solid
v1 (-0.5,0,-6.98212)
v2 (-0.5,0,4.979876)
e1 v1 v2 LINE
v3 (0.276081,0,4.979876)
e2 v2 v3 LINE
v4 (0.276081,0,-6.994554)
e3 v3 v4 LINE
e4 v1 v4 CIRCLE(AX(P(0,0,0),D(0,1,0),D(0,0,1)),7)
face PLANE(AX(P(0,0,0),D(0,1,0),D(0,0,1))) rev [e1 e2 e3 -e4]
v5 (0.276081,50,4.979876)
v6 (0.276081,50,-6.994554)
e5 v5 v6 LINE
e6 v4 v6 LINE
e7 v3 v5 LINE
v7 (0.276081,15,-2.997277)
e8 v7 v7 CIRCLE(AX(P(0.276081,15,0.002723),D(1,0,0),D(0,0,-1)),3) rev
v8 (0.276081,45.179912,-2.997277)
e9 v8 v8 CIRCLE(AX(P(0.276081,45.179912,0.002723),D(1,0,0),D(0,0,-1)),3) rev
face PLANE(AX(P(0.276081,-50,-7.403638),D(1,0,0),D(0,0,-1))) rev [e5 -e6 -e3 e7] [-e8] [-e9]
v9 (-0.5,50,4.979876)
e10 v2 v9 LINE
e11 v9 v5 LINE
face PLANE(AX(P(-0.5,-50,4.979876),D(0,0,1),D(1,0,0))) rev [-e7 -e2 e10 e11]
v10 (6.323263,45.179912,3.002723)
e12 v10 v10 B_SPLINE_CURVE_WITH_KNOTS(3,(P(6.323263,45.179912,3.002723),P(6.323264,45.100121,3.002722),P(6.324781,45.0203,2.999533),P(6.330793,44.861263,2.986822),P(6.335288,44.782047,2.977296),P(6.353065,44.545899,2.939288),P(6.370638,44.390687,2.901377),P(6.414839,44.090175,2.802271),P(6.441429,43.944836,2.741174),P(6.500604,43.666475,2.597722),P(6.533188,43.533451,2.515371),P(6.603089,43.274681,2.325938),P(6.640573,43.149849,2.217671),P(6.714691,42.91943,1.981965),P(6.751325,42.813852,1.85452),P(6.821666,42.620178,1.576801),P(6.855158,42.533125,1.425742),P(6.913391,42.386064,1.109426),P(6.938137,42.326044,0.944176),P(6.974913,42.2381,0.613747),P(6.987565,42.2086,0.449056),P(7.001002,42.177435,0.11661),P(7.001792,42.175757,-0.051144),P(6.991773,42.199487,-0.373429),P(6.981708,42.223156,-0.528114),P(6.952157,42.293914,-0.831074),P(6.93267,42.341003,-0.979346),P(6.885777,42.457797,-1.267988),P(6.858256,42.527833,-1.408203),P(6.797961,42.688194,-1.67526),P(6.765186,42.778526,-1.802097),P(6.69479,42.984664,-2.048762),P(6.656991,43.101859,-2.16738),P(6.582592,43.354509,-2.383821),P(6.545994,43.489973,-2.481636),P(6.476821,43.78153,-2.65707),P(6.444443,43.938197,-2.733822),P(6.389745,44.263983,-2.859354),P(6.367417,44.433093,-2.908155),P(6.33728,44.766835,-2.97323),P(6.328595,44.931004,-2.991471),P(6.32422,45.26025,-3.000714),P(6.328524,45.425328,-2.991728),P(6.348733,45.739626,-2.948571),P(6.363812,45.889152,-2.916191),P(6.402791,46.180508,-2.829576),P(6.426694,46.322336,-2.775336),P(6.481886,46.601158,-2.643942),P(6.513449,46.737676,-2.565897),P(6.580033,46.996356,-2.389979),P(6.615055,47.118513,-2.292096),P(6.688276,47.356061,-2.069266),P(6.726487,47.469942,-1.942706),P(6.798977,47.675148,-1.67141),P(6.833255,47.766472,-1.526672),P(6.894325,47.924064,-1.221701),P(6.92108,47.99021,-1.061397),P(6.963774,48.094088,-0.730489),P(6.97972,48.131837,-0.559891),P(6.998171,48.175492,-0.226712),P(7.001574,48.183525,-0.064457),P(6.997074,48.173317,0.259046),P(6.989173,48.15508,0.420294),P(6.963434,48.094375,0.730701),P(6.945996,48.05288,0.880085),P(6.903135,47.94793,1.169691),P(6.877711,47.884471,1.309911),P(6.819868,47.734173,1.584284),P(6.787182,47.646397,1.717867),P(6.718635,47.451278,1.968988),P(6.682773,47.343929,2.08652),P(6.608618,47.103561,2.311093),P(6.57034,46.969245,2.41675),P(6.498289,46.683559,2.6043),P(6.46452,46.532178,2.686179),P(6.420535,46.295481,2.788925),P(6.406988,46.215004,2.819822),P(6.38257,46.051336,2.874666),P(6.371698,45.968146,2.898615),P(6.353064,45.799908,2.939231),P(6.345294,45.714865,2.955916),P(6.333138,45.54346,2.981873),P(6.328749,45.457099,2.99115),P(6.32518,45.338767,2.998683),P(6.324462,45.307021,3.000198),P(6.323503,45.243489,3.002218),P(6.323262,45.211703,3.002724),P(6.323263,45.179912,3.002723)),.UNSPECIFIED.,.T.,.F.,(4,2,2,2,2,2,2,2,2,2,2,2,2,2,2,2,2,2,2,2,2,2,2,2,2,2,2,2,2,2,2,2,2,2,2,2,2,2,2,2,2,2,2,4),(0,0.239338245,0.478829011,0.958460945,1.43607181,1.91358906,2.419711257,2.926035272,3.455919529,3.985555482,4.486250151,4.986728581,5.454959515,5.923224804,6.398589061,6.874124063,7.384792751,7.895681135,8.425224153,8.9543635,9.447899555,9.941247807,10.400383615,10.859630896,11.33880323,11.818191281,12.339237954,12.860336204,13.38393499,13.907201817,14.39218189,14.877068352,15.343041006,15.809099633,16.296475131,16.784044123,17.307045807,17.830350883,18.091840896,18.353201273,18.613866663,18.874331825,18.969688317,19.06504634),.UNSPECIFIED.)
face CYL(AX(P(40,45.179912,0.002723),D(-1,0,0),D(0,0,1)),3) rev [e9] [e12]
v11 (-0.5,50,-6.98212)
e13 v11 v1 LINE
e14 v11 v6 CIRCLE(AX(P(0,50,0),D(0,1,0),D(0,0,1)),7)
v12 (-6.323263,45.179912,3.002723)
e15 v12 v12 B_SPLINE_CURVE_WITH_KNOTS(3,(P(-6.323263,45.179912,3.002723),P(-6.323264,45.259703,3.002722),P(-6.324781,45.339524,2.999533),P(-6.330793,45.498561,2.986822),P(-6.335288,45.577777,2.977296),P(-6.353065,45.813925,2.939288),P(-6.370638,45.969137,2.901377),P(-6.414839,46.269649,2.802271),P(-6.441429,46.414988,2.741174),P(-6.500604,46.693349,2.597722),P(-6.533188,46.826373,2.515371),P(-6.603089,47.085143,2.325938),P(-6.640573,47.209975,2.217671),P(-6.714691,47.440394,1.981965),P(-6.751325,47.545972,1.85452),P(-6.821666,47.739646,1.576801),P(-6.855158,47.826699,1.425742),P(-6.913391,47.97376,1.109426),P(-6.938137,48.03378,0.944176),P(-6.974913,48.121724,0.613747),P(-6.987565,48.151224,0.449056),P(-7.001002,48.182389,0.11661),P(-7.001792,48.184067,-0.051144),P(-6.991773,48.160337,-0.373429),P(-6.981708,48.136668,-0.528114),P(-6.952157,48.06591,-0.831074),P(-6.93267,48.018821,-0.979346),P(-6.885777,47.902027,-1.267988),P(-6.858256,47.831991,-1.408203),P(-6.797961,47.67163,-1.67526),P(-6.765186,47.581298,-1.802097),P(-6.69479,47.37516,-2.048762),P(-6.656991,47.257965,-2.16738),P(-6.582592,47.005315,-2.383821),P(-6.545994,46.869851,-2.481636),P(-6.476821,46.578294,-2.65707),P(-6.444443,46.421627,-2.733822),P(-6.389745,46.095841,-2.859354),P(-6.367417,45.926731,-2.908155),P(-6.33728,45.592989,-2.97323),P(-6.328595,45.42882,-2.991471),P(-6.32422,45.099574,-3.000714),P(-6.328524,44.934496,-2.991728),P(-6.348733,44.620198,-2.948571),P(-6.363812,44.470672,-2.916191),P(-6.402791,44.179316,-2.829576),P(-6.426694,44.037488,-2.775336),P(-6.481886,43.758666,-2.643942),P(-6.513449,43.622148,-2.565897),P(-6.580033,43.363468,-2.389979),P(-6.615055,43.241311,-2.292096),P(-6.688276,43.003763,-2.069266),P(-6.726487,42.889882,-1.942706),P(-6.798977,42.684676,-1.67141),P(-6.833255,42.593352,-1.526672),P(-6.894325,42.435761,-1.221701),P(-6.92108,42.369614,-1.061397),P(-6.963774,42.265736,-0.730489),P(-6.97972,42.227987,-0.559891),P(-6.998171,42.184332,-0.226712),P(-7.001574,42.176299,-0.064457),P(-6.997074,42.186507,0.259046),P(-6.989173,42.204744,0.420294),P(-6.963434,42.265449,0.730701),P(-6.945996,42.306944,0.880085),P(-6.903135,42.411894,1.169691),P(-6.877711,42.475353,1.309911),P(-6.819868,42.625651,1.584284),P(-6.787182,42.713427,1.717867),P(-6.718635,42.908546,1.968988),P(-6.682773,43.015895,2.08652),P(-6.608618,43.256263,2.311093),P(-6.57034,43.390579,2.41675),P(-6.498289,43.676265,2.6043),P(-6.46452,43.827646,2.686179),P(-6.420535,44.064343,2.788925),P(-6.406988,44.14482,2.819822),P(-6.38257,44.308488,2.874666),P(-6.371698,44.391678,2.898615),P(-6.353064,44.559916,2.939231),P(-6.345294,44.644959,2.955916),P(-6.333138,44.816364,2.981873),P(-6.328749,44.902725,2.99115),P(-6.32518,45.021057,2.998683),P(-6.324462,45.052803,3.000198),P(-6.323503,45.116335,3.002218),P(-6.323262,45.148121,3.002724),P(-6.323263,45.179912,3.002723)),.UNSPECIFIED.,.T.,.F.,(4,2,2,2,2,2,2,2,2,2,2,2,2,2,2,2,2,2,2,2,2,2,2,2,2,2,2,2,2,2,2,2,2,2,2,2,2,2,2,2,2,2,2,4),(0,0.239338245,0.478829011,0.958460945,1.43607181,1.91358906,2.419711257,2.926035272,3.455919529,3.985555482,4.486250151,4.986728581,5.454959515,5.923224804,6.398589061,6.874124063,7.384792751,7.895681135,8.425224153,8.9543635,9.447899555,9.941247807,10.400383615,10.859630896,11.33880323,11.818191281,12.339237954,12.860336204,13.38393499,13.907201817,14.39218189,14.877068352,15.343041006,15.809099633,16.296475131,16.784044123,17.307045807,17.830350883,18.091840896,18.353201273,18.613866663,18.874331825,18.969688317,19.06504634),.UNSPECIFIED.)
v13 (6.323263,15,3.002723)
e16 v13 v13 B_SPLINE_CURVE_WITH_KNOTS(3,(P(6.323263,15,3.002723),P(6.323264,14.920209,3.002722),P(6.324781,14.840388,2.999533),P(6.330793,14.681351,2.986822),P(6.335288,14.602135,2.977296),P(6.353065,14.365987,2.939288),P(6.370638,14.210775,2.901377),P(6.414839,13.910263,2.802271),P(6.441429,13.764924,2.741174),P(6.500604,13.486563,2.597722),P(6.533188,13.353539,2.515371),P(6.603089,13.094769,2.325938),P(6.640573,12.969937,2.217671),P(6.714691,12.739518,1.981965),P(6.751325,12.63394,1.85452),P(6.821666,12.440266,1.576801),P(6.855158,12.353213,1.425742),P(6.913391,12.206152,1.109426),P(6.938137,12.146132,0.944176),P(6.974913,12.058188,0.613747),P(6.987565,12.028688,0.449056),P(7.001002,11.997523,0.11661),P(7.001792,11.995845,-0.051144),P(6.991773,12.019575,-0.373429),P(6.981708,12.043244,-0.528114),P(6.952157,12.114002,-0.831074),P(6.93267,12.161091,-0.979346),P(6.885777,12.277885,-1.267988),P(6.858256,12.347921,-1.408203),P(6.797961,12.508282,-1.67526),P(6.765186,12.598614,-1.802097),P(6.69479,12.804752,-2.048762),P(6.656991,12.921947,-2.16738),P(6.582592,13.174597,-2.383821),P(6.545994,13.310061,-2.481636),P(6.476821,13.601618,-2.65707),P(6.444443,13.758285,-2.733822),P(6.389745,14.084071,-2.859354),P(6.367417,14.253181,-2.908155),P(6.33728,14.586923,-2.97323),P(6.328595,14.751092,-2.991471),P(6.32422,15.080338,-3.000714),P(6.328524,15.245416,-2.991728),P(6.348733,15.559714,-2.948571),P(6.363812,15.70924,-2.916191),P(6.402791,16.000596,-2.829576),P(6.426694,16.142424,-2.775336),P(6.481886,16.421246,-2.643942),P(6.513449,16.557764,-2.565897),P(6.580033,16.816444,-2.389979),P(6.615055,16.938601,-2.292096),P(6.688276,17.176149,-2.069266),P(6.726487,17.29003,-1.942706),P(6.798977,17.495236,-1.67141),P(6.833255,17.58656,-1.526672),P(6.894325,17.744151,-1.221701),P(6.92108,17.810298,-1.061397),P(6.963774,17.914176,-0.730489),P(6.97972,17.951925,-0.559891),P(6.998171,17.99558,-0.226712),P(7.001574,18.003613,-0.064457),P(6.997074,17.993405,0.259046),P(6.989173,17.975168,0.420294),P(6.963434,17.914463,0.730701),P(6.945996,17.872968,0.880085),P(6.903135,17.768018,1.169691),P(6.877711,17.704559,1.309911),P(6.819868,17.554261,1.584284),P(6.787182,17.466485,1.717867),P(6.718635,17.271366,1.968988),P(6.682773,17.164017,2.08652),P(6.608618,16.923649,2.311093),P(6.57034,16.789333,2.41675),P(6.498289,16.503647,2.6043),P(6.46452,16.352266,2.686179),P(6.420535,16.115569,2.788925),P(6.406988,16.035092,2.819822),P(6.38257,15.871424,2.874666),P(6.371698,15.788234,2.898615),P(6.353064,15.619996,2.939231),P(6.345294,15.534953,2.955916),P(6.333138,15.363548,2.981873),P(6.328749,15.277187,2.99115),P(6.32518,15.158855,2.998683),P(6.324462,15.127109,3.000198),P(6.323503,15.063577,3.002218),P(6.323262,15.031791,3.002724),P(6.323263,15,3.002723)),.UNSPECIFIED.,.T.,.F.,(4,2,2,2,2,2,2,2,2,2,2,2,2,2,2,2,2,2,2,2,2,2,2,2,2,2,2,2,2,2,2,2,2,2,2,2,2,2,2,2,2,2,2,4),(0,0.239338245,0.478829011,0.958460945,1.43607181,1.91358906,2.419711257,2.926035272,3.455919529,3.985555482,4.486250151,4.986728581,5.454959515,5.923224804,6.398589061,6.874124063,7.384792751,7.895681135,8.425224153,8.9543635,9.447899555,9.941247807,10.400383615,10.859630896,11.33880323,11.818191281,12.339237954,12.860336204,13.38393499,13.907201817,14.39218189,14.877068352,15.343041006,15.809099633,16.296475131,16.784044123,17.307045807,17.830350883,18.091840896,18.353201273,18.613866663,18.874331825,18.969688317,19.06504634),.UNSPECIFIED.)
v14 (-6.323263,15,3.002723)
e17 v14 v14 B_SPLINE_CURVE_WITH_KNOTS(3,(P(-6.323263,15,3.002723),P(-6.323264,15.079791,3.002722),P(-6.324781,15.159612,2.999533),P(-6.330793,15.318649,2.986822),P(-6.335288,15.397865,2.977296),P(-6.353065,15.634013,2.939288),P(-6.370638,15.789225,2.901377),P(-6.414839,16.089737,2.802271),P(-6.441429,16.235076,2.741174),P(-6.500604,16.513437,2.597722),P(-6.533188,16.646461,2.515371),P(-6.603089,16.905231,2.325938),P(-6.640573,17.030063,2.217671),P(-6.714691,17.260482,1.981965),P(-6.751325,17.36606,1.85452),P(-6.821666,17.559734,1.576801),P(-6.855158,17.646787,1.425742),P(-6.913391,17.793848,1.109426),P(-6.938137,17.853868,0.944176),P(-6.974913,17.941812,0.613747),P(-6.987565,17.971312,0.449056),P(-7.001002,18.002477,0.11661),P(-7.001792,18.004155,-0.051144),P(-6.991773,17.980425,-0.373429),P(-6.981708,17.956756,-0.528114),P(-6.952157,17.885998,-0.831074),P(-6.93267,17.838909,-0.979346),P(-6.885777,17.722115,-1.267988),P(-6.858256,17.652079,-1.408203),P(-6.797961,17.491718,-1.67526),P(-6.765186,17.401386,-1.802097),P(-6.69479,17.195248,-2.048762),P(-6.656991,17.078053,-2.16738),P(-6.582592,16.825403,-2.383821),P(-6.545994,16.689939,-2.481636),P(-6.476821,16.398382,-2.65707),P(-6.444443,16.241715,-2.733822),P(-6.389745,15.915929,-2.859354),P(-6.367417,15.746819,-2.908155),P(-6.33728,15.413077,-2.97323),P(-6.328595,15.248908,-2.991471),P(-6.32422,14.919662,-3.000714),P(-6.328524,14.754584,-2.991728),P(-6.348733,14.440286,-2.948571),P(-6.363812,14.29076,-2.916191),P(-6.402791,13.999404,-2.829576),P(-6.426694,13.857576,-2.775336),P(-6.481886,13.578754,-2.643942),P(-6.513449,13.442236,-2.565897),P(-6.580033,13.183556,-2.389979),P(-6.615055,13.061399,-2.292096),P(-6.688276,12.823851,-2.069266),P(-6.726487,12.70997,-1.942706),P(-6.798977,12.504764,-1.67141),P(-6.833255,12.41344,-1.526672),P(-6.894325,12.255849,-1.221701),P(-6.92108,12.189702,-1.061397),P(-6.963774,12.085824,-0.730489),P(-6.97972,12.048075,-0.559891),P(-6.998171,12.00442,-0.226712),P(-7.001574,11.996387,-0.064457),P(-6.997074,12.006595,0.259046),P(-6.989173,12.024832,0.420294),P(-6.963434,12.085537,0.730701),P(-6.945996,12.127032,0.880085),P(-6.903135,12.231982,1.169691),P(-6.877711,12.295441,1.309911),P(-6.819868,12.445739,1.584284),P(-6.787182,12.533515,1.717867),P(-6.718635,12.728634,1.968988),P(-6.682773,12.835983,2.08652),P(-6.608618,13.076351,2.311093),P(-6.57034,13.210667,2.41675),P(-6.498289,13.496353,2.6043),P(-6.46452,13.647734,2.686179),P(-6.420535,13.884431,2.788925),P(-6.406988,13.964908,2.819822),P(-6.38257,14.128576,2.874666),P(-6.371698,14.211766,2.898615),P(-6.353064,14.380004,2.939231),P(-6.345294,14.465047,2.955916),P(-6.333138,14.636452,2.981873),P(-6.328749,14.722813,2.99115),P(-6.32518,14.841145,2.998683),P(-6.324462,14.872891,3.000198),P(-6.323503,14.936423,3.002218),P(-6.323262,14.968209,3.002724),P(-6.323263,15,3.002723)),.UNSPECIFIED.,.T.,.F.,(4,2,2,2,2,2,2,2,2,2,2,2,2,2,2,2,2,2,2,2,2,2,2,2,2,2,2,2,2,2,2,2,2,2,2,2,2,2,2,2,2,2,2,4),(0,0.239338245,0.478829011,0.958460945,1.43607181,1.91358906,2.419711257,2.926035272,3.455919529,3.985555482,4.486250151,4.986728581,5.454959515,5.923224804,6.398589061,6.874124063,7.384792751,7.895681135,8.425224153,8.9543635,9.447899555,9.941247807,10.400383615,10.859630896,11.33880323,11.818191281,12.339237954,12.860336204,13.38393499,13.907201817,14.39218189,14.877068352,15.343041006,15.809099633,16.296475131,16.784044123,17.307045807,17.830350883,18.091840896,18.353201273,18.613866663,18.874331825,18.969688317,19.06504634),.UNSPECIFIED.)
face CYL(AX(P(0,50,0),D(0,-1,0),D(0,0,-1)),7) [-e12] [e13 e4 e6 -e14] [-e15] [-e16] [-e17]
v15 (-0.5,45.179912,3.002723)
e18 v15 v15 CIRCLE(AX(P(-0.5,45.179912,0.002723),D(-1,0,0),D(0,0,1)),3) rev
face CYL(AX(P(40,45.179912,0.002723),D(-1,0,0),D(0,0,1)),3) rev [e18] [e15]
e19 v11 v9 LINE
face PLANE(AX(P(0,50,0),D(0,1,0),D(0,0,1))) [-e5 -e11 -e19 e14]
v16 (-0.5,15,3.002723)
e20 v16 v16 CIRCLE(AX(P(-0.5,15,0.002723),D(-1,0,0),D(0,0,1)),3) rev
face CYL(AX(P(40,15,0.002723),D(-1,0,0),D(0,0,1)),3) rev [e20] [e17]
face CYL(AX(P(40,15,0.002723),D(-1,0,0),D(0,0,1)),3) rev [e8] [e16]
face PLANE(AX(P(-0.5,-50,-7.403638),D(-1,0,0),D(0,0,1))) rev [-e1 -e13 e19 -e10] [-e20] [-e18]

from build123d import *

# Parameters (mm, degrees)
SKETCH1_R               = 7
BOSS_EXTRUDE1_DEPTH     = 50
SKETCH2_W               = 0.776080751
SKETCH2_H               = 12.3835138
CUT_EXTRUDE1_DEPTH      = 100
CUT_EXTRUDE2_DEPTH      = 40
CUT_EXTRUDE2_DEPTH_BACK = 40
SKETCH3_R               = 3


with BuildPart() as part:
    # Sketch1 → Boss-Extrude1 (new body)
    with BuildSketch(Plane(origin=(0, 0, 0), x_dir=(1, 0, 0), z_dir=(0, 1, 0))):
        with Locations(Location((0, 0, 0), (0, 0, 270))):
            Circle(SKETCH1_R)
    extrude(amount=BOSS_EXTRUDE1_DEPTH)

    # Sketch2 → Cut-Extrude1 (cut)
    with BuildSketch(Plane(origin=(0, 50, 0), x_dir=(1, 0, 0), z_dir=(0, 1, 0))):
        with Locations((-0.111959624, 1.211880607)):
            Rectangle(SKETCH2_W, SKETCH2_H)
    extrude(amount=-CUT_EXTRUDE1_DEPTH, mode=Mode.SUBTRACT)

    # Sketch3 → Cut-Extrude2 (cut, two sides: drawn at the far end of the back side and taken through both)
    with BuildSketch(Plane(origin=(0, 0, 0), x_dir=(0, 0, -1), z_dir=(1, 0, 0)).offset(-CUT_EXTRUDE2_DEPTH_BACK)):
        with Locations(Location((-0.002723223, 15, 0), (0, 0, 180))):
            Circle(SKETCH3_R)
        with Locations(Location((-0.002723223, 45.179912014, 0), (0, 0, 180))):
            Circle(SKETCH3_R)
    extrude(amount=CUT_EXTRUDE2_DEPTH + CUT_EXTRUDE2_DEPTH_BACK, mode=Mode.SUBTRACT)


solid = part.part
